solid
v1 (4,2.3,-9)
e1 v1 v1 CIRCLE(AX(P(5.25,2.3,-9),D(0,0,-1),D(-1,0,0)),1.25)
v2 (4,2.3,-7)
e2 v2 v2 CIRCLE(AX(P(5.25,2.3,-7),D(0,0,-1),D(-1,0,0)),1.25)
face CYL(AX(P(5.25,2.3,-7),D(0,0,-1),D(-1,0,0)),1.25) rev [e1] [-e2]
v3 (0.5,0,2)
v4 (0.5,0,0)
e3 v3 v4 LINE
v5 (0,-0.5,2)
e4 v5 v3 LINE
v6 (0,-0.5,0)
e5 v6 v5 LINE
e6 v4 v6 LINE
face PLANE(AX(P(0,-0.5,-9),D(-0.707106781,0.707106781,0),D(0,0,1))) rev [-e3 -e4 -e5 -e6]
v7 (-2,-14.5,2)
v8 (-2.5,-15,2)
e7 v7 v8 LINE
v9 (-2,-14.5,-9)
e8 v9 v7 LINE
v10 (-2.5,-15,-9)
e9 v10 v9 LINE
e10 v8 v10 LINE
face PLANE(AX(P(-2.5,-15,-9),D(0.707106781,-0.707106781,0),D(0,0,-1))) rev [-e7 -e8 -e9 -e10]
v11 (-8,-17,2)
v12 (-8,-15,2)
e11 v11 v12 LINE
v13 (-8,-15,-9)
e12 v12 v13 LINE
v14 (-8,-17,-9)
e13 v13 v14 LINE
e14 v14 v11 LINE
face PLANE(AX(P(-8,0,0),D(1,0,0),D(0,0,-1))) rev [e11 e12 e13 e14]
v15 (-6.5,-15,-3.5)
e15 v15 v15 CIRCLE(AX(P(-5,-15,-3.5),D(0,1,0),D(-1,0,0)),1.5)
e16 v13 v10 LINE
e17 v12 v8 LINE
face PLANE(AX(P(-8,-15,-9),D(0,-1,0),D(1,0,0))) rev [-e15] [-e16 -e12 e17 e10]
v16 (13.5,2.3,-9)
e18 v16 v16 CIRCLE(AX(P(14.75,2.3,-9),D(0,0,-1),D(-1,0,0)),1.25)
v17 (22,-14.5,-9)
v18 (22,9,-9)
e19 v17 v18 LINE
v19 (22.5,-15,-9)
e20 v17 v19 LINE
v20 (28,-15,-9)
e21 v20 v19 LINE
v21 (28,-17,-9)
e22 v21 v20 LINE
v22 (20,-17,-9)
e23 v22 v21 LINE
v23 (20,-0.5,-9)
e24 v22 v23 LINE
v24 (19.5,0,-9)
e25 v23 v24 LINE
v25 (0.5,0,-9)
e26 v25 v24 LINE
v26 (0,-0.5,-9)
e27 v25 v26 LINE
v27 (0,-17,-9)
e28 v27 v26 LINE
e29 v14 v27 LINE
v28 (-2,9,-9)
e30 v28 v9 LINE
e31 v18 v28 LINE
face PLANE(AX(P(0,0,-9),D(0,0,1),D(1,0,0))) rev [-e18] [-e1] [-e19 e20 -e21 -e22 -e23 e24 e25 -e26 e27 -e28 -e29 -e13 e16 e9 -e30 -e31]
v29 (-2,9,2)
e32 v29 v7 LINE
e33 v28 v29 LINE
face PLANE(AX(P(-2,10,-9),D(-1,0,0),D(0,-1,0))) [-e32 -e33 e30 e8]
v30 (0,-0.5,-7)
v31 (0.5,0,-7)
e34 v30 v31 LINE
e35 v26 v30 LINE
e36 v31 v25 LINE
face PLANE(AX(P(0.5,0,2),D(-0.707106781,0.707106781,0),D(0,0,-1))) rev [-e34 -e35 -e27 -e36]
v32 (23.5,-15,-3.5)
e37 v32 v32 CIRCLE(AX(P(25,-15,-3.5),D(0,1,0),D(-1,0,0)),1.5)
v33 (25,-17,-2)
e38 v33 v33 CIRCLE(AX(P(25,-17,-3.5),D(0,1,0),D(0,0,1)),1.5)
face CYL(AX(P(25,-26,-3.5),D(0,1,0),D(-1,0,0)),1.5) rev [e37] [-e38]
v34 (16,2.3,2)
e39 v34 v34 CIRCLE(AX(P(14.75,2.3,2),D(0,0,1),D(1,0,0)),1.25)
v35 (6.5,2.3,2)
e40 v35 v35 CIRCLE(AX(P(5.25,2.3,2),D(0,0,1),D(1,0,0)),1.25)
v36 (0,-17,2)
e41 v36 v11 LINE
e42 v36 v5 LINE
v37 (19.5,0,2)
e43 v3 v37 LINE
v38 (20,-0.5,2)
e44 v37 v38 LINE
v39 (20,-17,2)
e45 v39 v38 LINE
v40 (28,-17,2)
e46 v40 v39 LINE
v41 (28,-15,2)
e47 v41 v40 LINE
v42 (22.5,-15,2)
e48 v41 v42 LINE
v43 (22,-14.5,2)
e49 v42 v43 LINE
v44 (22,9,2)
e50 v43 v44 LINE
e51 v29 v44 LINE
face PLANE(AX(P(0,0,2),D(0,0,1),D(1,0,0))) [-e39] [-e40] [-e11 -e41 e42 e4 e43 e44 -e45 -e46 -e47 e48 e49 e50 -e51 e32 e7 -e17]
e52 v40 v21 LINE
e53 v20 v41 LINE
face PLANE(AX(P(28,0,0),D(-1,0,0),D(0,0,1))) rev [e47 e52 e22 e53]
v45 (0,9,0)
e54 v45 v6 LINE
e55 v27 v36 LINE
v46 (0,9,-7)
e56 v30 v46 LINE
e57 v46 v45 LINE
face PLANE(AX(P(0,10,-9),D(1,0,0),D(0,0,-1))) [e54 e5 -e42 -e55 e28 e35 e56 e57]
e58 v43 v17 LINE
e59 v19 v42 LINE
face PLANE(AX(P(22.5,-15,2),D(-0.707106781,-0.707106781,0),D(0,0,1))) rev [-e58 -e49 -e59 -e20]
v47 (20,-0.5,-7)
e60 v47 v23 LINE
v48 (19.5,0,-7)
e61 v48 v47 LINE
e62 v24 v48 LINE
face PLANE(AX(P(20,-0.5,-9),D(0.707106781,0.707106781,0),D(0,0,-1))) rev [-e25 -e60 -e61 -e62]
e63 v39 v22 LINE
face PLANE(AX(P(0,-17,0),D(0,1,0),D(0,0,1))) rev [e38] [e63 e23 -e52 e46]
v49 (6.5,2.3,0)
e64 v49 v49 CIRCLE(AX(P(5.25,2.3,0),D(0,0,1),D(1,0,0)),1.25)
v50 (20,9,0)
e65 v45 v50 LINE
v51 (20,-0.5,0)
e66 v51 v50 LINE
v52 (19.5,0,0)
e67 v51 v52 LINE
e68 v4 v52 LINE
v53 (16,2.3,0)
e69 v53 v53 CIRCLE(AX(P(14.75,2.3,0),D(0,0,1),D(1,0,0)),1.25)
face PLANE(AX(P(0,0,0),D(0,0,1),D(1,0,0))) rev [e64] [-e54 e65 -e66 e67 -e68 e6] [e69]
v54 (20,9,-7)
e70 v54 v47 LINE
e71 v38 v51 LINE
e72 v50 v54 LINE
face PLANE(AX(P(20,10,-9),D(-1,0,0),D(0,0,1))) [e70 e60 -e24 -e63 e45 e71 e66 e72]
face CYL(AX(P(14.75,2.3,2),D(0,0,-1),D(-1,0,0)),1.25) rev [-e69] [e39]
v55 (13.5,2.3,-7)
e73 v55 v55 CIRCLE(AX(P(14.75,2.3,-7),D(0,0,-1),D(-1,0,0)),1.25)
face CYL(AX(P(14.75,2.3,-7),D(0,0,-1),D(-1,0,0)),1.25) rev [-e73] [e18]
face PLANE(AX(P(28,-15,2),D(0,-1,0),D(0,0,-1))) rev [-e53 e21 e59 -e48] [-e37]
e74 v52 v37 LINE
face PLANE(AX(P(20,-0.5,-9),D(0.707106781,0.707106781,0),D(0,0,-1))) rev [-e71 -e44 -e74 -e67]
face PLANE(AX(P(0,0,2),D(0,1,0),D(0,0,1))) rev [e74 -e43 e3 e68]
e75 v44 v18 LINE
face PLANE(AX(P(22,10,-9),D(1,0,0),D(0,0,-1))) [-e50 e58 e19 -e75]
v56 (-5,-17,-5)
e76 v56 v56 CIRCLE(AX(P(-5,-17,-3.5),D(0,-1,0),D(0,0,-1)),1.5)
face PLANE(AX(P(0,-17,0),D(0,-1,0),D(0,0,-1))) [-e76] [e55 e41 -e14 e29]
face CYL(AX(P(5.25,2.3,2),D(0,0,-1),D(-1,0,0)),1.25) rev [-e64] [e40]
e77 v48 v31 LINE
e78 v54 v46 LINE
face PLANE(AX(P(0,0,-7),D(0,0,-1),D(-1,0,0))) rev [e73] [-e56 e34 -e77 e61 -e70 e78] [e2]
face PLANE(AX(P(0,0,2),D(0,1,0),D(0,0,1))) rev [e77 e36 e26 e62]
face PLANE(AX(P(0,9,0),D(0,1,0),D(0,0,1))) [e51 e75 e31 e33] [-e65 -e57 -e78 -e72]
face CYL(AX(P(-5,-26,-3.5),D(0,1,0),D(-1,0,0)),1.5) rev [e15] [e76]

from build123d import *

# Parameters (mm, degrees)
CROQUIS1_W              = 20
CROQUIS1_H              = 10
CROQUIS1_R              = 1.25
SALIENTE_EXTRUIR1_DEPTH = 2
CROQUIS2_W              = 2
CROQUIS2_H              = 10
SALIENTE_EXTRUIR2_DEPTH = 11
CROQUIS3_W              = 20
CROQUIS3_H              = 10
CROQUIS3_R              = 1.25
SALIENTE_EXTRUIR3_DEPTH = 2
CROQUIS4_W              = 2
CROQUIS4_H              = 11
SALIENTE_EXTRUIR4_DEPTH = 17
CROQUIS5_W              = 11
CROQUIS5_H              = 2
SALIENTE_EXTRUIR5_DEPTH = 6
CROQUIS6_W              = 11
CROQUIS6_H              = 2
SALIENTE_EXTRUIR6_DEPTH = 6
CROQUIS7_W              = 24
CROQUIS7_H              = 11
CROQUIS7_W_2            = 20
CROQUIS7_H_2            = 7
CORTAR_EXTRUIR1_DEPTH   = 1
CROQUIS8_R              = 1.5
CORTAR_EXTRUIR2_DEPTH   = 11
CHAFL_N1_SIZE           = 0.5


with BuildPart() as part:
    # Croquis1 → Saliente-Extruir1 (new body)
    with BuildSketch(Plane.XY):
        with Locations((10, 5)):
            Rectangle(CROQUIS1_W, CROQUIS1_H)
        with Locations((5.25, 2.3)):
            Circle(CROQUIS1_R, mode=Mode.SUBTRACT)
        with Locations((14.75, 2.3)):
            Circle(CROQUIS1_R, mode=Mode.SUBTRACT)
    extrude(amount=SALIENTE_EXTRUIR1_DEPTH)

    # Croquis2 → Saliente-Extruir2 (add)
    with BuildSketch(Plane.XY.offset(2)):
        with Locations((-1, 5)):
            Rectangle(CROQUIS2_W, CROQUIS2_H)
        with Locations((21, 5)):
            Rectangle(CROQUIS2_W, CROQUIS2_H)
    extrude(amount=-SALIENTE_EXTRUIR2_DEPTH)



with BuildPart() as body_2:
    # Croquis3 → Saliente-Extruir3 (new body)
    with BuildSketch(Plane(origin=(0, 0, -9), x_dir=(-1, 0, 0), z_dir=(0, 0, -1))):
        with Locations((-10, 5)):
            Rectangle(CROQUIS3_W, CROQUIS3_H)
        with Locations(Location((-5.25, 2.3, 0), (0, 0, 180))):
            Circle(CROQUIS3_R, mode=Mode.SUBTRACT)
        with Locations(Location((-14.75, 2.3, 0), (0, 0, 180))):
            Circle(CROQUIS3_R, mode=Mode.SUBTRACT)
    extrude(amount=-SALIENTE_EXTRUIR3_DEPTH)


with BuildPart() as part_1:
    add(part.part)

    add(body_2.part)  # Saliente-Extruir4 merges body 2
    # Croquis4 → Saliente-Extruir4 (add)
    with BuildSketch(Plane.XZ):
        with Locations((-1, -3.5)):
            Rectangle(CROQUIS4_W, CROQUIS4_H)
        with Locations((21, -3.5)):
            Rectangle(CROQUIS4_W, CROQUIS4_H)
    extrude(amount=SALIENTE_EXTRUIR4_DEPTH)

    # Croquis5 → Saliente-Extruir5 (add)
    with BuildSketch(Plane(origin=(22, 0, 0), x_dir=(0, 0, -1), z_dir=(1, 0, 0))):
        with Locations((3.5, -16)):
            Rectangle(CROQUIS5_W, CROQUIS5_H)
    extrude(amount=SALIENTE_EXTRUIR5_DEPTH)

    # Croquis6 → Saliente-Extruir6 (add)
    with BuildSketch(Plane.ZY.offset(2)):
        with Locations((-3.5, -16)):
            Rectangle(CROQUIS6_W, CROQUIS6_H)
    extrude(amount=SALIENTE_EXTRUIR6_DEPTH)

    # Croquis7 → Cortar-Extruir1 (cut)
    with BuildSketch(Plane(origin=(0, 10, 0), x_dir=(1, 0, 0), z_dir=(0, 1, 0))):
        with Locations((10, 3.5)):
            Rectangle(CROQUIS7_W, CROQUIS7_H)
        with Locations((10, 3.5)):
            Rectangle(CROQUIS7_W_2, CROQUIS7_H_2, mode=Mode.SUBTRACT)
    extrude(amount=-CORTAR_EXTRUIR1_DEPTH, mode=Mode.SUBTRACT)

    # Croquis8 → Cortar-Extruir2 (cut)
    with BuildSketch(Plane(origin=(0, -15, 0), x_dir=(1, 0, 0), z_dir=(0, 1, 0))):
        with Locations(Location((-5, 3.5, 0), (0, 0, 180))):
            Circle(CROQUIS8_R)
        with Locations(Location((25, 3.5, 0), (0, 0, 180))):
            Circle(CROQUIS8_R)
    extrude(amount=-CORTAR_EXTRUIR2_DEPTH, mode=Mode.SUBTRACT)

    # Chaflán1
    chafl_n1_edges = [part_1.edges().sort_by_distance(p)[0] for p in [
        (-2, -15, -3.5),
        (0, 0, 1),
        (0, 0, -8),
        (20, 0, 1),
        (20, 0, -8),
        (22, -15, -3.5),
    ]]
    chamfer(chafl_n1_edges, length=CHAFL_N1_SIZE)


solid = part_1.part
